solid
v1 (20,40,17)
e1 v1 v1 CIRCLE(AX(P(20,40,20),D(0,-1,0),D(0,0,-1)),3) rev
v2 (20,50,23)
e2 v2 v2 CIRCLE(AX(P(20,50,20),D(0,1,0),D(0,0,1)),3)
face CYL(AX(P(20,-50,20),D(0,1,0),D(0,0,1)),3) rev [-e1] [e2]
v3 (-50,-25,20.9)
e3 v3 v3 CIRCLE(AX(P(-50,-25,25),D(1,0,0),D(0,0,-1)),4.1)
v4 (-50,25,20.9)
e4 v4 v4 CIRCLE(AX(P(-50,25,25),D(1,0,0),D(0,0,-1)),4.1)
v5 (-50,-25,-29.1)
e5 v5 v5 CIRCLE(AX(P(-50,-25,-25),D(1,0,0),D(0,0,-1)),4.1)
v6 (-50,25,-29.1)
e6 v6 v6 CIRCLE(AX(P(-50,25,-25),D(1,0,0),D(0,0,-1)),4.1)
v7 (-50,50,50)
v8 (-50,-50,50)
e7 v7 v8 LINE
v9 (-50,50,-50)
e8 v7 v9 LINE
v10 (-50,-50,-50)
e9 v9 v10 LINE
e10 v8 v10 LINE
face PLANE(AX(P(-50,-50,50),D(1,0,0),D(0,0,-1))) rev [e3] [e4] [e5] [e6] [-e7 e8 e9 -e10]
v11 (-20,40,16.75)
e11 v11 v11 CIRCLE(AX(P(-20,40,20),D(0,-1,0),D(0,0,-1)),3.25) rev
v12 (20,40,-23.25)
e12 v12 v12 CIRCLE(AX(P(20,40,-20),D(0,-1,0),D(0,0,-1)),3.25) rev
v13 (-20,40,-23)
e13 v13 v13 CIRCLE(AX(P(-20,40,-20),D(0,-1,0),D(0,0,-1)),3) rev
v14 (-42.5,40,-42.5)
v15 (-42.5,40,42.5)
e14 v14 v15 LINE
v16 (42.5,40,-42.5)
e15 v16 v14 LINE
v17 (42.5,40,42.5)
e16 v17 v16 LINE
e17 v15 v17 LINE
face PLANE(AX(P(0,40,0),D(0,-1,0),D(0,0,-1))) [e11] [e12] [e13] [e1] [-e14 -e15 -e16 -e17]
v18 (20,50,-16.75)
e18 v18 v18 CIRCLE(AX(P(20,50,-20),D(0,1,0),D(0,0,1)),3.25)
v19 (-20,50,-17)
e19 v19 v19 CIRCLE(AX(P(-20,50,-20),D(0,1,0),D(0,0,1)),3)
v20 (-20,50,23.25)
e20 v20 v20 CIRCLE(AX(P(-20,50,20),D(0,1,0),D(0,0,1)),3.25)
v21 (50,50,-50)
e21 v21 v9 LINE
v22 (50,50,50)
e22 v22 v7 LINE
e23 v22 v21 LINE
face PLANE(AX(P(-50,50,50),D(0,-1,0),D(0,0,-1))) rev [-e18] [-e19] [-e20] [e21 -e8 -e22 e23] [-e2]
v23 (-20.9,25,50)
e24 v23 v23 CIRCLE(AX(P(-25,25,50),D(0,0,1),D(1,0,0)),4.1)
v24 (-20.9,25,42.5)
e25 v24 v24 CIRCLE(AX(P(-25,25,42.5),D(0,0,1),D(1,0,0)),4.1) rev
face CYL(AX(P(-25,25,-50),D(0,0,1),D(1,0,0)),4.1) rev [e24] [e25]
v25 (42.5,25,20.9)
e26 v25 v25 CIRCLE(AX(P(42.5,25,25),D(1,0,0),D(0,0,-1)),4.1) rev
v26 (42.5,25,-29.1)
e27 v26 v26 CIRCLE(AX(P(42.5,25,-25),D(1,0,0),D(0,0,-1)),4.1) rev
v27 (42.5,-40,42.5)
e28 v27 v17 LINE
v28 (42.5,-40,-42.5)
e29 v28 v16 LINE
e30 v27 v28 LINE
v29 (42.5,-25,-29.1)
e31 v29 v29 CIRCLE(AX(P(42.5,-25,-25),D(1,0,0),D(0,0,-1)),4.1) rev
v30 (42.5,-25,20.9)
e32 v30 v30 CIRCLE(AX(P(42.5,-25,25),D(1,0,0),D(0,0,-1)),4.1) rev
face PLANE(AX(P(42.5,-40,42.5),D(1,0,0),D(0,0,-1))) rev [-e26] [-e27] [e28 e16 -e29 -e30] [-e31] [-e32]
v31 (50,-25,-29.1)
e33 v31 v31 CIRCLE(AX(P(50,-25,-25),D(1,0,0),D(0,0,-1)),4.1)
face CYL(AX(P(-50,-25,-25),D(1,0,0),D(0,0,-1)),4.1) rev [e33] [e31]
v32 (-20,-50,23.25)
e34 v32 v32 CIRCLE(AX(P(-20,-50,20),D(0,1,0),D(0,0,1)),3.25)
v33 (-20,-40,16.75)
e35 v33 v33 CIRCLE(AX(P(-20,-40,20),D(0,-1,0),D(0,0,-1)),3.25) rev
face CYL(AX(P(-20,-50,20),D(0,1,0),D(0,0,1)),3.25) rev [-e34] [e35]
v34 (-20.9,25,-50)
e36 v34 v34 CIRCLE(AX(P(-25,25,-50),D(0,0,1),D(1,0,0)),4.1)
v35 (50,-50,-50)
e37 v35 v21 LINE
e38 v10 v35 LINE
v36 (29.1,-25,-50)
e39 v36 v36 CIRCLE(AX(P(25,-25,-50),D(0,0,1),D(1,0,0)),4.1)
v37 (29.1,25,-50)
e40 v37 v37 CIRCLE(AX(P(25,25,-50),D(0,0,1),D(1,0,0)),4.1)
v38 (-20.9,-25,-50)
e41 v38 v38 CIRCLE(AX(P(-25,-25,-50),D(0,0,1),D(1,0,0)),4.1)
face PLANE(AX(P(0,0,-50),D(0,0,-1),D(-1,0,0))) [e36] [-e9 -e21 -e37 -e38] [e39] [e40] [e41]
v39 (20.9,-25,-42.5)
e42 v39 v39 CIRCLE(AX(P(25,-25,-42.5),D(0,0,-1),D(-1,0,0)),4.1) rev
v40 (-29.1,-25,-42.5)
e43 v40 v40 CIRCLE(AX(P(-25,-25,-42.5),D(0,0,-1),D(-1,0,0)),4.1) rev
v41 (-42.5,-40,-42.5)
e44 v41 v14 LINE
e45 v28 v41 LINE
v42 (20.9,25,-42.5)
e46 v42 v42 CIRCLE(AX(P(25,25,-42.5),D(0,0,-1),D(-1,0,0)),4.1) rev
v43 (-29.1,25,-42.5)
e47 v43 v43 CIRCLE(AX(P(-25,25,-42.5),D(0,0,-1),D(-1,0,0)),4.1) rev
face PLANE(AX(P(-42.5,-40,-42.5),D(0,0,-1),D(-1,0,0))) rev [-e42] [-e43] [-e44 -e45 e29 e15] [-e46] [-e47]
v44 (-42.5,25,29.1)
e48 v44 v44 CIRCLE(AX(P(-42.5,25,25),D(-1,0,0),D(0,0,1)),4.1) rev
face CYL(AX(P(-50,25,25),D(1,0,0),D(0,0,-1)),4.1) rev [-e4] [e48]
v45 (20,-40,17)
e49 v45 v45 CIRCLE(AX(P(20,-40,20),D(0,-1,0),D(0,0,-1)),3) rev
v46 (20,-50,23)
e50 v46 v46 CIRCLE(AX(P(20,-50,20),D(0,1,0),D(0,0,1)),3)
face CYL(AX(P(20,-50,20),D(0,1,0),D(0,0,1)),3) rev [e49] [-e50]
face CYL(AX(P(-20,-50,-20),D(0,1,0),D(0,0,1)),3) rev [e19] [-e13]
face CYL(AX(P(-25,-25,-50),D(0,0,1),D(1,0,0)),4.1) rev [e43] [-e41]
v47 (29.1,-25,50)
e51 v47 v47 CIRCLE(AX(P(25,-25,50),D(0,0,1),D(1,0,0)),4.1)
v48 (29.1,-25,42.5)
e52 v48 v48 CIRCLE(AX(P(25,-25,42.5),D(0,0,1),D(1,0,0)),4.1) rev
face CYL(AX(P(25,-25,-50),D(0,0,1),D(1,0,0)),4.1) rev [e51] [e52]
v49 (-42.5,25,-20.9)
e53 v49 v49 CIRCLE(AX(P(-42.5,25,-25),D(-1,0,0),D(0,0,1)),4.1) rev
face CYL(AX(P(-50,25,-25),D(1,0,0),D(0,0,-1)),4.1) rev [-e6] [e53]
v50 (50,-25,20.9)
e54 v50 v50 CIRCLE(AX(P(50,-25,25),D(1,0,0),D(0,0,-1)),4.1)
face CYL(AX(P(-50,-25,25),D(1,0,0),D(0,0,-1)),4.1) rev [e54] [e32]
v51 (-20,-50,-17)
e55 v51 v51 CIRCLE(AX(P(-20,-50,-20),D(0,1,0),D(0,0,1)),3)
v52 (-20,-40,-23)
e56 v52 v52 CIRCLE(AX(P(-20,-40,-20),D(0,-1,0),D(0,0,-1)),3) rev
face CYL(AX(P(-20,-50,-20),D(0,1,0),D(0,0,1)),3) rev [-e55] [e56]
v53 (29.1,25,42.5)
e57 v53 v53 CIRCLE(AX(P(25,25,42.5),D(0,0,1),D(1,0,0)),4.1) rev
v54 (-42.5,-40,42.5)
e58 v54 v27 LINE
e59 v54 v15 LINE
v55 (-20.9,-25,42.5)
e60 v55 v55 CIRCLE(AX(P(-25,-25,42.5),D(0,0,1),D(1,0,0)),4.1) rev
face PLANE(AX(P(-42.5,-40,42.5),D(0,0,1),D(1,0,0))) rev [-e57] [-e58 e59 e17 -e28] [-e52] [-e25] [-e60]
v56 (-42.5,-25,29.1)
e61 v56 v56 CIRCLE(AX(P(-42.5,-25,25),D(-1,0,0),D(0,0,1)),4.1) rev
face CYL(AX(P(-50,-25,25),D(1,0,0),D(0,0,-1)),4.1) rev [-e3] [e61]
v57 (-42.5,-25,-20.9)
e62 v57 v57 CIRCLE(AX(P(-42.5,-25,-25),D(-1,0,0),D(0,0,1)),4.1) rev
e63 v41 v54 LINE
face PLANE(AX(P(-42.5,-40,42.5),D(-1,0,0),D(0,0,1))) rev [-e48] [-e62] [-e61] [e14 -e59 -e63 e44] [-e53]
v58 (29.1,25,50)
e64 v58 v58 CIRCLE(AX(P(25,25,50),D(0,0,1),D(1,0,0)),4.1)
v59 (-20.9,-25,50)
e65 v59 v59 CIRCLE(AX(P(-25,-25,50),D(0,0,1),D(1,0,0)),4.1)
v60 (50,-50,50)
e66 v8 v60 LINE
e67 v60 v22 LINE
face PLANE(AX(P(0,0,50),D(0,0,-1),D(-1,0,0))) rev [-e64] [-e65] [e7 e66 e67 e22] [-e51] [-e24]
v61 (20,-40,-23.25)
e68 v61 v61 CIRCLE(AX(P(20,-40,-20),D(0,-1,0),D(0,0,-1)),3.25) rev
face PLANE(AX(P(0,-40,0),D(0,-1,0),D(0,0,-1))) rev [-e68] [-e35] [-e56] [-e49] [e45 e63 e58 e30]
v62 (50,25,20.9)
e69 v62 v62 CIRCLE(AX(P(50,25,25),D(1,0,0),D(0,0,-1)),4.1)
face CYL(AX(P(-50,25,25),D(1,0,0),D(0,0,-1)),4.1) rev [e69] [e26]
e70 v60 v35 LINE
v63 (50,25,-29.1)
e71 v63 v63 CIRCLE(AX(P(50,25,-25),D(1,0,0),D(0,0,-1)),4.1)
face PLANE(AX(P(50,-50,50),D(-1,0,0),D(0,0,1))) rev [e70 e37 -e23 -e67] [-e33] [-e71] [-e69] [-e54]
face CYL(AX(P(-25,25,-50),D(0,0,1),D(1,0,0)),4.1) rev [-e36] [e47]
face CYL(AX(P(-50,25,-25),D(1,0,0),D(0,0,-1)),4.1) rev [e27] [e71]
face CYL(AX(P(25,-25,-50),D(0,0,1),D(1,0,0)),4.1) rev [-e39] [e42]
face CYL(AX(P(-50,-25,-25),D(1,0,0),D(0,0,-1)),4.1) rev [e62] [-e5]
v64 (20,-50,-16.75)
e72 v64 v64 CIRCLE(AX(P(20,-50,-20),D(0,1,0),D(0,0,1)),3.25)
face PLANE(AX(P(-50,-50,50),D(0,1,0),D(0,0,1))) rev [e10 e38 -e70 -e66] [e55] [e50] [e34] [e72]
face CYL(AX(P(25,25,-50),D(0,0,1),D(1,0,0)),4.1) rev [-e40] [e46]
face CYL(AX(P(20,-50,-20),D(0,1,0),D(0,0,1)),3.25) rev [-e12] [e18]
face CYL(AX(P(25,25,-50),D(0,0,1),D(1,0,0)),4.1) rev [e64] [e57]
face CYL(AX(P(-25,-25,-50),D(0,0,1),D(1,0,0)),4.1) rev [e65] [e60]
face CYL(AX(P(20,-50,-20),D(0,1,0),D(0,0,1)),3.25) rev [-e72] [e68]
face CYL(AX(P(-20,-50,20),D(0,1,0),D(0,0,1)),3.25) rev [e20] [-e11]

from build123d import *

# Parameters (mm, degrees)
SKETCH1_W           = 100
SKETCH1_H           = 100
BOSS_EXTRUDE1_DEPTH = 50
SKETCH2_R           = 4.1
CUT_EXTRUDE1_DEPTH  = 123.474487139
SKETCH3_R           = 4.1
CUT_EXTRUDE2_DEPTH  = 123.474487139
SKETCH4_R           = 3
SKETCH4_R_2         = 3.25
CUT_EXTRUDE3_DEPTH  = 123.474487139
SKETCH8_W           = 85
SKETCH8_H           = 85
CUT_EXTRUDE4_DEPTH  = 40


with BuildPart() as part:
    # Sketch1 → Boss-Extrude1 (new, symmetric)
    with BuildSketch(Plane.XY):
        Rectangle(SKETCH1_W, SKETCH1_H)
    extrude(amount=BOSS_EXTRUDE1_DEPTH, both=True)

    # Sketch2 → Cut-Extrude1 (cut, through all)
    with BuildSketch(Plane.XY.offset(50)):
        with Locations((-25, 25)):
            Circle(SKETCH2_R)
        with Locations((25, 25)):
            Circle(SKETCH2_R)
        with Locations((25, -25)):
            Circle(SKETCH2_R)
        with Locations((-25, -25)):
            Circle(SKETCH2_R)
    extrude(amount=-CUT_EXTRUDE1_DEPTH, mode=Mode.SUBTRACT)

    # Sketch3 → Cut-Extrude2 (cut, through all)
    with BuildSketch(Plane(origin=(50, 0, 0), x_dir=(0, 0, -1), z_dir=(1, 0, 0))):
        with Locations((-25, 25)):
            Circle(SKETCH3_R)
        with Locations((25, 25)):
            Circle(SKETCH3_R)
        with Locations(Location((25, -25, 0), (0, 0, 90))):
            Circle(SKETCH3_R)
        with Locations(Location((-25, -25, 0), (0, 0, 270))):
            Circle(SKETCH3_R)
    extrude(amount=-CUT_EXTRUDE2_DEPTH, mode=Mode.SUBTRACT)

    # Sketch4 → Cut-Extrude3 (cut, through all)
    with BuildSketch(Plane(origin=(0, 50, 0), x_dir=(1, 0, 0), z_dir=(0, 1, 0))):
        with Locations(Location((-20, 20, 0), (0, 0, 270))):
            Circle(SKETCH4_R)
        with Locations(Location((20, -20, 0), (0, 0, 270))):
            Circle(SKETCH4_R)
        with Locations(Location((20, 20, 0), (0, 0, 270))):
            Circle(SKETCH4_R_2)
        with Locations(Location((-20, -20, 0), (0, 0, 270))):
            Circle(SKETCH4_R_2)
    extrude(amount=-CUT_EXTRUDE3_DEPTH, mode=Mode.SUBTRACT)

    # Sketch8 → Cut-Extrude4 (cut, symmetric)
    with BuildSketch(Plane(origin=(0, 0, 0), x_dir=(1, 0, 0), z_dir=(0, 1, 0))):
        Rectangle(SKETCH8_W, SKETCH8_H)
    extrude(amount=CUT_EXTRUDE4_DEPTH, both=True, mode=Mode.SUBTRACT)


solid = part.part
